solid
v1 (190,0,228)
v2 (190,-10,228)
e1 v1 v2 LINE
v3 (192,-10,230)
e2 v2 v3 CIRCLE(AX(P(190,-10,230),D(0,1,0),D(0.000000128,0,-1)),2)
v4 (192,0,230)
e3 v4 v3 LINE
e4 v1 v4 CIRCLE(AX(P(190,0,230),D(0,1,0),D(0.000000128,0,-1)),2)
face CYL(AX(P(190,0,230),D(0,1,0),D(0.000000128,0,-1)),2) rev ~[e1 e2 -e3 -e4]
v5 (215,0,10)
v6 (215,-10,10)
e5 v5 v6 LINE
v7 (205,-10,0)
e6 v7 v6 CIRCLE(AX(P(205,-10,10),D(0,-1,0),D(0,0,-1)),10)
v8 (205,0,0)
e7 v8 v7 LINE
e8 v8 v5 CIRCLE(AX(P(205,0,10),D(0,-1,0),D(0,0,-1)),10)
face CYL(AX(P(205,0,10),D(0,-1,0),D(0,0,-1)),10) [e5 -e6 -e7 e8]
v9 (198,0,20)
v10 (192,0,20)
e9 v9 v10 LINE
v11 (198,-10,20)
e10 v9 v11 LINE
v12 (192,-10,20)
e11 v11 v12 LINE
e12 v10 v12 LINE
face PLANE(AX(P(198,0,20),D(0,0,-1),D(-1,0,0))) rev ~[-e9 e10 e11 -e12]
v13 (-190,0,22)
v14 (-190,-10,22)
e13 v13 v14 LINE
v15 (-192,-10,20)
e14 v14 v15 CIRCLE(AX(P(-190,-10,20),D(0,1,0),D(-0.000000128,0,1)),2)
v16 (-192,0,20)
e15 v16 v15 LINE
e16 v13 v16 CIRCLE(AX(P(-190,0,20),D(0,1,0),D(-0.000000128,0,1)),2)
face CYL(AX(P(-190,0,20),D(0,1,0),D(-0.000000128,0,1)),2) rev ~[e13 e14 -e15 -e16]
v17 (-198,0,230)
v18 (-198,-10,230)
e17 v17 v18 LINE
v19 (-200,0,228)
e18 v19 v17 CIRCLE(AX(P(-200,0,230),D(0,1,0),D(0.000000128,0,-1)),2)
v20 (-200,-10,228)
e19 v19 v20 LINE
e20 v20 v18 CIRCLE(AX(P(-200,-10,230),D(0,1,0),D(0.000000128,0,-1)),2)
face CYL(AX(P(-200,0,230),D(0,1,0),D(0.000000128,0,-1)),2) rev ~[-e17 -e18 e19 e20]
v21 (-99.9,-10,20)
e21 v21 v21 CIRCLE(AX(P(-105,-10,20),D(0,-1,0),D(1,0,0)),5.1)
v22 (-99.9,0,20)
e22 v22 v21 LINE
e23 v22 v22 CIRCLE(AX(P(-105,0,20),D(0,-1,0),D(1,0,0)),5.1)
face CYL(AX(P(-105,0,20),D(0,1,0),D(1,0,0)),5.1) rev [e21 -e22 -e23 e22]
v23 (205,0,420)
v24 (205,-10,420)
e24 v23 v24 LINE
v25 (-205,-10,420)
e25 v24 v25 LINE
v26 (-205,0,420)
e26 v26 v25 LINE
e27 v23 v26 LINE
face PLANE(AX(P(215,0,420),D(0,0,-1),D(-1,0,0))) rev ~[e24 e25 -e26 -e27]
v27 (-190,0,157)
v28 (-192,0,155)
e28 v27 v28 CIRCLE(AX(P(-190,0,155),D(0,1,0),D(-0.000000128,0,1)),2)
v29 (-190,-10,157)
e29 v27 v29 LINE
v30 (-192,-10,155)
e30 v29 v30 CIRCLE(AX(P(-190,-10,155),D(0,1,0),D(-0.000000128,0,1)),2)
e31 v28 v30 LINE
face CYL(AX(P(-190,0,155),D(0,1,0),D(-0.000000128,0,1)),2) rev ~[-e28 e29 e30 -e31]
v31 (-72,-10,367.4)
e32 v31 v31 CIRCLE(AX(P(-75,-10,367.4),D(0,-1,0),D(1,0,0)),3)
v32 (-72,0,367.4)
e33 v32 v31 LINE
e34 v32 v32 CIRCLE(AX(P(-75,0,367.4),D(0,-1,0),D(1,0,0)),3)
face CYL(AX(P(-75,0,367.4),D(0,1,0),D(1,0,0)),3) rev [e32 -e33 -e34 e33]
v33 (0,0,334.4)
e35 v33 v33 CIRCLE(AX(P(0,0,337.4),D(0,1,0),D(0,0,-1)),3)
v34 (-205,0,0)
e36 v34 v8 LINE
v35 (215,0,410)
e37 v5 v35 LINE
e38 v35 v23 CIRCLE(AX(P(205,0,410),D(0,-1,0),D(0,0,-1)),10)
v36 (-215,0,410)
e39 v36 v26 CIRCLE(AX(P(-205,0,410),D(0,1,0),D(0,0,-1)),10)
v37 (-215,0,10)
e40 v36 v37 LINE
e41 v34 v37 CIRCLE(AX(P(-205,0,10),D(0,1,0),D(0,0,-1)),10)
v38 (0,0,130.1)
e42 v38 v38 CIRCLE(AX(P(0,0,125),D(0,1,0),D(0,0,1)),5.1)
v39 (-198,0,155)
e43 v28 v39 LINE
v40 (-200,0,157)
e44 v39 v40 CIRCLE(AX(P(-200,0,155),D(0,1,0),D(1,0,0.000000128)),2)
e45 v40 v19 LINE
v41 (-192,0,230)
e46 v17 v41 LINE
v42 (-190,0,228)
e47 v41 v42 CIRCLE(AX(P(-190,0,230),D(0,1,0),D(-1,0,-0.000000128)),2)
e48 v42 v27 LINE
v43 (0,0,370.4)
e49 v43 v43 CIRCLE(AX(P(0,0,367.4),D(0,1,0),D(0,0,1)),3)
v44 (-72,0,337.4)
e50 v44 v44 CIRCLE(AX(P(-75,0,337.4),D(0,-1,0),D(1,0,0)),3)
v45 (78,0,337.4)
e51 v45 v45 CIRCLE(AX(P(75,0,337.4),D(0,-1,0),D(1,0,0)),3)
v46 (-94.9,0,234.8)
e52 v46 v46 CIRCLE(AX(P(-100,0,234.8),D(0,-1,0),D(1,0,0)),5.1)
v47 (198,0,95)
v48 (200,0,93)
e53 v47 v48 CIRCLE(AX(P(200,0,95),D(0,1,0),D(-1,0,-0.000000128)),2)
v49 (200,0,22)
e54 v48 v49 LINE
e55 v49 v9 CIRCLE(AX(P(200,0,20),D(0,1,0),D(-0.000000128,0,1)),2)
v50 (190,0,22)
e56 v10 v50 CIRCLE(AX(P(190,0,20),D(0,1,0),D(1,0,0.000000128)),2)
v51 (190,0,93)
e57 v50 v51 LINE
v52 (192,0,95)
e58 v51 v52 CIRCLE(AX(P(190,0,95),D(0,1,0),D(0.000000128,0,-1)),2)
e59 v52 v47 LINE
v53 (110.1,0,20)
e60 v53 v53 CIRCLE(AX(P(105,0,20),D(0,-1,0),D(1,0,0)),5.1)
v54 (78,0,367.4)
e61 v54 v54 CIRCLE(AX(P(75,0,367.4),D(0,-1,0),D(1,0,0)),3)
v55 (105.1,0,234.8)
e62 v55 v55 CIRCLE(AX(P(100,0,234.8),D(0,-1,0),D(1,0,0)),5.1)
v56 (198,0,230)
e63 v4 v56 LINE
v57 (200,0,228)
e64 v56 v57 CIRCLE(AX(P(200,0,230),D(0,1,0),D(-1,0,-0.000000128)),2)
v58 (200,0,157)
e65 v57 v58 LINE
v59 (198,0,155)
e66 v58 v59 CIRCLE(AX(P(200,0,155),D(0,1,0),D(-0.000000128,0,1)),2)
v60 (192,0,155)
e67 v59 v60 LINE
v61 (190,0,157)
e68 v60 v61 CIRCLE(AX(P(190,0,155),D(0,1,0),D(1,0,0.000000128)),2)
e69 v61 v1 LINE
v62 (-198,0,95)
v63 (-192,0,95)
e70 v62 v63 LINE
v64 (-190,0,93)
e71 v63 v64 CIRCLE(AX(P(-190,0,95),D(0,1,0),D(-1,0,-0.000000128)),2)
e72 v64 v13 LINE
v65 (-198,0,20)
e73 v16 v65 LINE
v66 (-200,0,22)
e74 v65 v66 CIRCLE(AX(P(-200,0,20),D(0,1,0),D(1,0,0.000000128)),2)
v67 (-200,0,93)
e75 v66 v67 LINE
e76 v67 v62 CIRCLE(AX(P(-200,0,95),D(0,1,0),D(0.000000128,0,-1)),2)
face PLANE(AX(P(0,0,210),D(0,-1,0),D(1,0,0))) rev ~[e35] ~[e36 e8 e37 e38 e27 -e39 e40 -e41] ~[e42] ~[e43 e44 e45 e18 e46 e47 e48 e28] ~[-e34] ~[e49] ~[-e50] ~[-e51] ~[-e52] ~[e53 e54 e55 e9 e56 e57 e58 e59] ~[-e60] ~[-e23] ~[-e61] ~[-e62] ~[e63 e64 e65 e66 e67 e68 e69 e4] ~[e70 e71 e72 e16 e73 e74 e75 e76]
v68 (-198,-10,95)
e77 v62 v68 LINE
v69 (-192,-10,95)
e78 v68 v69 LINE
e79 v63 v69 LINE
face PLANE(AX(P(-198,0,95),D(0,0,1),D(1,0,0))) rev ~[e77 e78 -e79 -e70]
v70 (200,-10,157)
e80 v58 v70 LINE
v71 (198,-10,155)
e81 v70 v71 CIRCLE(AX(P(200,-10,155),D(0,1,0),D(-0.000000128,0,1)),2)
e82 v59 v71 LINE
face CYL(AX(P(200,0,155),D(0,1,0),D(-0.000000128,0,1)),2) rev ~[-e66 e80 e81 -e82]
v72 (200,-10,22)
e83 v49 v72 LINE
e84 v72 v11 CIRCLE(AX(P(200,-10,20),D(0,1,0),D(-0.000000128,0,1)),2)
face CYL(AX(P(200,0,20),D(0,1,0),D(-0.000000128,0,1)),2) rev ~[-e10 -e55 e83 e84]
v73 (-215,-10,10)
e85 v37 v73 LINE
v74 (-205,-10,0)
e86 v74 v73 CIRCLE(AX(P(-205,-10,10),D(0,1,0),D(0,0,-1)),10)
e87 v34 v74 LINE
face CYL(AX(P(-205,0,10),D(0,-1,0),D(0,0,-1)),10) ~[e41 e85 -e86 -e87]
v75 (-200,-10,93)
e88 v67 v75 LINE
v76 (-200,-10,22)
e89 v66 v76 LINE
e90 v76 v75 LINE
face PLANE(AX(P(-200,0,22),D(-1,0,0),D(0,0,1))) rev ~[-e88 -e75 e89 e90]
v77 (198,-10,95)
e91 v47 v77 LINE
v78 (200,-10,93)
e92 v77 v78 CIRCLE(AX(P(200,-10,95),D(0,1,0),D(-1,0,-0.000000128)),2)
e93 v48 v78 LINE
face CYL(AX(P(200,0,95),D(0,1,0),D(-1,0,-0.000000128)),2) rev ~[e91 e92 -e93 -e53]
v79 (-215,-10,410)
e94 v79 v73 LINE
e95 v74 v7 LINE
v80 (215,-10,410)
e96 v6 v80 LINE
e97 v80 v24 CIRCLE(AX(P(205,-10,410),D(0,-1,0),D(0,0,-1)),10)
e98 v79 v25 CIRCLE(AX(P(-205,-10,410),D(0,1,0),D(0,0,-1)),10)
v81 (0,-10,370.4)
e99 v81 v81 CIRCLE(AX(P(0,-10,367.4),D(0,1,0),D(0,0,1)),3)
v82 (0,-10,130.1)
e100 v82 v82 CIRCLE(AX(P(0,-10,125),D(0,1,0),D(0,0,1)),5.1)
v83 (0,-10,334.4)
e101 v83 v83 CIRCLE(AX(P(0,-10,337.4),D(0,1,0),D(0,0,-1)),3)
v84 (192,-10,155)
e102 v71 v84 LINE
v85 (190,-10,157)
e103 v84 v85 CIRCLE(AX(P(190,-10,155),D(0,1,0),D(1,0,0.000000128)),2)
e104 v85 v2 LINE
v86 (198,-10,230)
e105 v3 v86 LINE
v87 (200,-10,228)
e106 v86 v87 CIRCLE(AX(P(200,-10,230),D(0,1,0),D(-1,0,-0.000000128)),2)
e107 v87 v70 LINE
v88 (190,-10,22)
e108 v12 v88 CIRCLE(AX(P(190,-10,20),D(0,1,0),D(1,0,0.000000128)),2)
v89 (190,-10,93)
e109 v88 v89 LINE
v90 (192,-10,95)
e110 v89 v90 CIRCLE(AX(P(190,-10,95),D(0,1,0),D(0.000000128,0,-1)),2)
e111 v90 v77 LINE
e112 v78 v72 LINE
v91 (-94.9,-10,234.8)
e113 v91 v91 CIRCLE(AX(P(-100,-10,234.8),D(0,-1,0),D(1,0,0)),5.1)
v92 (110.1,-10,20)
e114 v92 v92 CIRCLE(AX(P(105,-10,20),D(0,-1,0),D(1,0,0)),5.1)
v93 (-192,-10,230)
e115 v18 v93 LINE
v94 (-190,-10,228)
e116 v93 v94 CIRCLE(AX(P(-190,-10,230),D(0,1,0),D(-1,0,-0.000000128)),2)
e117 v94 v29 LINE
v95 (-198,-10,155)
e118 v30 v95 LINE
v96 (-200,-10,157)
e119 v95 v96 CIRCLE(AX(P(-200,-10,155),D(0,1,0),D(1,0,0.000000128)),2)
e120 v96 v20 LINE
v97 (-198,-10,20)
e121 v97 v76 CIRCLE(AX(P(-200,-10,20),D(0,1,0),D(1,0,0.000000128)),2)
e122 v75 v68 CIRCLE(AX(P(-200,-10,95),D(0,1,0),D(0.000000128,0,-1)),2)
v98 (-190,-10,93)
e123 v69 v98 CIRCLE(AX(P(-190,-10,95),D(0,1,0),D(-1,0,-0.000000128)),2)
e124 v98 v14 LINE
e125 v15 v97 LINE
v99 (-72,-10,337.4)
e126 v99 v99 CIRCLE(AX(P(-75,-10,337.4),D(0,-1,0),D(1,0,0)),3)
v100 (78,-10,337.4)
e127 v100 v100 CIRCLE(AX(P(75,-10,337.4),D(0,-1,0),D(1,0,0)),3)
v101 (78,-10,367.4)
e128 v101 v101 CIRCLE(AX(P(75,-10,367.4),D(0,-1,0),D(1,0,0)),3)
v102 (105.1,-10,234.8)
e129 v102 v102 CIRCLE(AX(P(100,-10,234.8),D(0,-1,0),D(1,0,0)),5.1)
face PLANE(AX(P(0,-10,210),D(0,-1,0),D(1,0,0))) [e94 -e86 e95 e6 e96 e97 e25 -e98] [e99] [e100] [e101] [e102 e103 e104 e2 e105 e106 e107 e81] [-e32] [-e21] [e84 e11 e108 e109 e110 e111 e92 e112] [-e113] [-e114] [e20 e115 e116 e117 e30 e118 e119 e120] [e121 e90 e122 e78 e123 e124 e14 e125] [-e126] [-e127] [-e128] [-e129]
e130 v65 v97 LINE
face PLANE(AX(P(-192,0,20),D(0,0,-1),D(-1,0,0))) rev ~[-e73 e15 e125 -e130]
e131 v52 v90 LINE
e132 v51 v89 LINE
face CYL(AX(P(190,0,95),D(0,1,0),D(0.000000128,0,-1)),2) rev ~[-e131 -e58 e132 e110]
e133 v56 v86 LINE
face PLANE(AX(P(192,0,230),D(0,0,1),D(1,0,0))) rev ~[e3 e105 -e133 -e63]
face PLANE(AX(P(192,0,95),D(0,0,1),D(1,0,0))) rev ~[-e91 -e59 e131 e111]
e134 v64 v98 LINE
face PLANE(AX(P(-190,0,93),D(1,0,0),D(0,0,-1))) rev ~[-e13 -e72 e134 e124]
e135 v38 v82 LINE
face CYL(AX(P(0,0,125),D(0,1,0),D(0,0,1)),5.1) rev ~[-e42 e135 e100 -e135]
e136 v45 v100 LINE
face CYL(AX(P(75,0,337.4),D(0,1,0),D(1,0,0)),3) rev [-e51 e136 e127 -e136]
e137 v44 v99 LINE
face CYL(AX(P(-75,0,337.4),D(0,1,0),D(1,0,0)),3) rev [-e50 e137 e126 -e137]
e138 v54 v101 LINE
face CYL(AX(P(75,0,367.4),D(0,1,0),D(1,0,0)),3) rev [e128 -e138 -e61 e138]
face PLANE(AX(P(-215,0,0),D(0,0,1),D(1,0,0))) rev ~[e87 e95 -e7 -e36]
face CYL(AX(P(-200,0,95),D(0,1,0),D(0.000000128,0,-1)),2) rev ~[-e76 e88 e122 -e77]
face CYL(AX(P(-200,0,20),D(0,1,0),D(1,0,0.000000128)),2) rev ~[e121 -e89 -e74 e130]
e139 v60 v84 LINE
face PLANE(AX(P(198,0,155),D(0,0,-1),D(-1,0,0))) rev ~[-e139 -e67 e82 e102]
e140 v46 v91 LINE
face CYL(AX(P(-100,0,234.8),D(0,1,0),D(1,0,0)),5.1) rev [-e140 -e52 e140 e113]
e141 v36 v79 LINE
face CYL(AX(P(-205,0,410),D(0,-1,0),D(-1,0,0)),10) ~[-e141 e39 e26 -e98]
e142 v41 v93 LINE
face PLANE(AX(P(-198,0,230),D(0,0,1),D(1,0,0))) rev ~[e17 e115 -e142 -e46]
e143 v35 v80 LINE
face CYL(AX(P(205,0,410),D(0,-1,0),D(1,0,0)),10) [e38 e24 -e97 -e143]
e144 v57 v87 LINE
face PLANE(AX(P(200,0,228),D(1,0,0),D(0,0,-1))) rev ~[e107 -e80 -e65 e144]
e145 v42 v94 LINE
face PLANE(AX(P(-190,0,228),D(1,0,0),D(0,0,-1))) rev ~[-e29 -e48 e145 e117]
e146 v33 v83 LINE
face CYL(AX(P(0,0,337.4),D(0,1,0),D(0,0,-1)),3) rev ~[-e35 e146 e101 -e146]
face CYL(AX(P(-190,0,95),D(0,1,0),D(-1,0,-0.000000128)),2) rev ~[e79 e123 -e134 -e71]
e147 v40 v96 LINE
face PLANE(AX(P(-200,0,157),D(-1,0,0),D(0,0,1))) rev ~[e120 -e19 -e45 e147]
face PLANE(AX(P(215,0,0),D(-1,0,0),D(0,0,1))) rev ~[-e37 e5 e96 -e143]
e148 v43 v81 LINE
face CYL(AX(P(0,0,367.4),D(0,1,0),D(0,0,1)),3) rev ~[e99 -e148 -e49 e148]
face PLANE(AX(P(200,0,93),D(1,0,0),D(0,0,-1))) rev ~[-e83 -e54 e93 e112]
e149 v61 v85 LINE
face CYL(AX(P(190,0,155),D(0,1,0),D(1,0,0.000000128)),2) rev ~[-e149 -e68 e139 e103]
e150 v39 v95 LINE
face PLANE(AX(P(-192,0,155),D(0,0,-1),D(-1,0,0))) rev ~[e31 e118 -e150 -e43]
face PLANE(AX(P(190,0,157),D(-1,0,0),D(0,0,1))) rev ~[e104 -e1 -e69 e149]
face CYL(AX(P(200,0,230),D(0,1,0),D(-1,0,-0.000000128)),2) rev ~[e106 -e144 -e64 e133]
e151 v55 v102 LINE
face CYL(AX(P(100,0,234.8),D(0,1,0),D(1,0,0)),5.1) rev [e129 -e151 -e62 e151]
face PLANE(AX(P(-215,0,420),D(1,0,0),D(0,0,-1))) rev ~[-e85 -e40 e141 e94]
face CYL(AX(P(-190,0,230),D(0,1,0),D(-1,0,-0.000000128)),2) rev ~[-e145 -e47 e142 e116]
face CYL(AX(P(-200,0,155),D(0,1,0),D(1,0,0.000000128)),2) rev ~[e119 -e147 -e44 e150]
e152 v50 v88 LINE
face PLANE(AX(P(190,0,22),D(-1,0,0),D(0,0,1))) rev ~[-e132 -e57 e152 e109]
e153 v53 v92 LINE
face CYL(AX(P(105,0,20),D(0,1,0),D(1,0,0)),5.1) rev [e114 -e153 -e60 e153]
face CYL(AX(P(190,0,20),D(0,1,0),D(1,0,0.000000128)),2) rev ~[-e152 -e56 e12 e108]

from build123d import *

# Parameters (mm, degrees)
F0_R     = 5.1
F0_R_2   = 3
F1_DEPTH = 10
F2_R     = 10


with BuildPart() as f1:
    # F0 (on Front) → F1 (new body)
    with BuildSketch(Plane.XZ):
        Polygon((-215, 0), (0, 0), (215, 0), (215, 420), (0, 420), (-215, 420), align=None)
        with BuildLine():
            ThreePointArc((-198, 20), (-201.414214, 18.585786), (-200, 22))
            Line((-200, 22), (-200, 93))
            ThreePointArc((-200, 93), (-201.414214, 96.414214), (-198, 95))
            Line((-198, 95), (-192, 95))
            ThreePointArc((-192, 95), (-188.585786, 96.414214), (-190, 93))
            Line((-190, 93), (-190, 22))
            ThreePointArc((-190, 22), (-188.585786, 18.585786), (-192, 20))
            Line((-192, 20), (-198, 20))
        make_face(mode=Mode.SUBTRACT)
        with Locations((-105, 20)):
            Circle(F0_R, mode=Mode.SUBTRACT)
        with BuildLine():
            Line((-192, 155), (-198, 155))
            ThreePointArc((-198, 155), (-201.414214, 153.585786), (-200, 157))
            Line((-200, 157), (-200, 228))
            ThreePointArc((-200, 228), (-201.414214, 231.414214), (-198, 230))
            Line((-198, 230), (-192, 230))
            ThreePointArc((-192, 230), (-188.585786, 231.414214), (-190, 228))
            Line((-190, 228), (-190, 157))
            ThreePointArc((-190, 157), (-188.585786, 153.585786), (-192, 155))
        make_face(mode=Mode.SUBTRACT)
        with Locations((105, 20)):
            Circle(F0_R, mode=Mode.SUBTRACT)
        with BuildLine():
            ThreePointArc((190, 93), (188.585786, 96.414214), (192, 95))
            Line((192, 95), (198, 95))
            ThreePointArc((198, 95), (201.414214, 96.414214), (200, 93))
            Line((200, 93), (200, 22))
            ThreePointArc((200, 22), (201.414214, 18.585786), (198, 20))
            Line((198, 20), (192, 20))
            ThreePointArc((192, 20), (188.585786, 18.585786), (190, 22))
            Line((190, 22), (190, 93))
        make_face(mode=Mode.SUBTRACT)
        with BuildLine():
            ThreePointArc((0, 119.9), (-5.1, 125), (0, 130.1))
            ThreePointArc((0, 130.1), (5.1, 125), (0, 119.9))
        make_face(mode=Mode.SUBTRACT)
        with BuildLine():
            Line((198, 155), (192, 155))
            ThreePointArc((192, 155), (188.585786, 153.585786), (190, 157))
            Line((190, 157), (190, 228))
            ThreePointArc((190, 228), (188.585786, 231.414214), (192, 230))
            Line((192, 230), (198, 230))
            ThreePointArc((198, 230), (201.414214, 231.414214), (200, 228))
            Line((200, 228), (200, 157))
            ThreePointArc((200, 157), (201.414214, 153.585786), (198, 155))
        make_face(mode=Mode.SUBTRACT)
        with Locations((-100, 234.8)):
            Circle(F0_R, mode=Mode.SUBTRACT)
        with Locations((-75, 337.4)):
            Circle(F0_R_2, mode=Mode.SUBTRACT)
        with Locations((-75, 367.4)):
            Circle(F0_R_2, mode=Mode.SUBTRACT)
        with Locations((100, 234.8)):
            Circle(F0_R, mode=Mode.SUBTRACT)
        with BuildLine():
            ThreePointArc((0, 340.4), (3, 337.4), (0, 334.4))
            ThreePointArc((0, 334.4), (-3, 337.4), (0, 340.4))
        make_face(mode=Mode.SUBTRACT)
        with BuildLine():
            ThreePointArc((0, 364.4), (-3, 367.4), (0, 370.4))
            ThreePointArc((0, 370.4), (3, 367.4), (0, 364.4))
        make_face(mode=Mode.SUBTRACT)
        with Locations((75, 337.4)):
            Circle(F0_R_2, mode=Mode.SUBTRACT)
        with Locations((75, 367.4)):
            Circle(F0_R_2, mode=Mode.SUBTRACT)
    extrude(amount=F1_DEPTH)

    # F2
    f2_edges = [f1.edges().sort_by_distance(p)[0] for p in [
        (215, -5, 0),
        (215, -5, 420),
        (-215, -5, 420),
        (-215, -5, 0),
    ]]
    fillet(f2_edges, radius=F2_R)


solid = f1.part
